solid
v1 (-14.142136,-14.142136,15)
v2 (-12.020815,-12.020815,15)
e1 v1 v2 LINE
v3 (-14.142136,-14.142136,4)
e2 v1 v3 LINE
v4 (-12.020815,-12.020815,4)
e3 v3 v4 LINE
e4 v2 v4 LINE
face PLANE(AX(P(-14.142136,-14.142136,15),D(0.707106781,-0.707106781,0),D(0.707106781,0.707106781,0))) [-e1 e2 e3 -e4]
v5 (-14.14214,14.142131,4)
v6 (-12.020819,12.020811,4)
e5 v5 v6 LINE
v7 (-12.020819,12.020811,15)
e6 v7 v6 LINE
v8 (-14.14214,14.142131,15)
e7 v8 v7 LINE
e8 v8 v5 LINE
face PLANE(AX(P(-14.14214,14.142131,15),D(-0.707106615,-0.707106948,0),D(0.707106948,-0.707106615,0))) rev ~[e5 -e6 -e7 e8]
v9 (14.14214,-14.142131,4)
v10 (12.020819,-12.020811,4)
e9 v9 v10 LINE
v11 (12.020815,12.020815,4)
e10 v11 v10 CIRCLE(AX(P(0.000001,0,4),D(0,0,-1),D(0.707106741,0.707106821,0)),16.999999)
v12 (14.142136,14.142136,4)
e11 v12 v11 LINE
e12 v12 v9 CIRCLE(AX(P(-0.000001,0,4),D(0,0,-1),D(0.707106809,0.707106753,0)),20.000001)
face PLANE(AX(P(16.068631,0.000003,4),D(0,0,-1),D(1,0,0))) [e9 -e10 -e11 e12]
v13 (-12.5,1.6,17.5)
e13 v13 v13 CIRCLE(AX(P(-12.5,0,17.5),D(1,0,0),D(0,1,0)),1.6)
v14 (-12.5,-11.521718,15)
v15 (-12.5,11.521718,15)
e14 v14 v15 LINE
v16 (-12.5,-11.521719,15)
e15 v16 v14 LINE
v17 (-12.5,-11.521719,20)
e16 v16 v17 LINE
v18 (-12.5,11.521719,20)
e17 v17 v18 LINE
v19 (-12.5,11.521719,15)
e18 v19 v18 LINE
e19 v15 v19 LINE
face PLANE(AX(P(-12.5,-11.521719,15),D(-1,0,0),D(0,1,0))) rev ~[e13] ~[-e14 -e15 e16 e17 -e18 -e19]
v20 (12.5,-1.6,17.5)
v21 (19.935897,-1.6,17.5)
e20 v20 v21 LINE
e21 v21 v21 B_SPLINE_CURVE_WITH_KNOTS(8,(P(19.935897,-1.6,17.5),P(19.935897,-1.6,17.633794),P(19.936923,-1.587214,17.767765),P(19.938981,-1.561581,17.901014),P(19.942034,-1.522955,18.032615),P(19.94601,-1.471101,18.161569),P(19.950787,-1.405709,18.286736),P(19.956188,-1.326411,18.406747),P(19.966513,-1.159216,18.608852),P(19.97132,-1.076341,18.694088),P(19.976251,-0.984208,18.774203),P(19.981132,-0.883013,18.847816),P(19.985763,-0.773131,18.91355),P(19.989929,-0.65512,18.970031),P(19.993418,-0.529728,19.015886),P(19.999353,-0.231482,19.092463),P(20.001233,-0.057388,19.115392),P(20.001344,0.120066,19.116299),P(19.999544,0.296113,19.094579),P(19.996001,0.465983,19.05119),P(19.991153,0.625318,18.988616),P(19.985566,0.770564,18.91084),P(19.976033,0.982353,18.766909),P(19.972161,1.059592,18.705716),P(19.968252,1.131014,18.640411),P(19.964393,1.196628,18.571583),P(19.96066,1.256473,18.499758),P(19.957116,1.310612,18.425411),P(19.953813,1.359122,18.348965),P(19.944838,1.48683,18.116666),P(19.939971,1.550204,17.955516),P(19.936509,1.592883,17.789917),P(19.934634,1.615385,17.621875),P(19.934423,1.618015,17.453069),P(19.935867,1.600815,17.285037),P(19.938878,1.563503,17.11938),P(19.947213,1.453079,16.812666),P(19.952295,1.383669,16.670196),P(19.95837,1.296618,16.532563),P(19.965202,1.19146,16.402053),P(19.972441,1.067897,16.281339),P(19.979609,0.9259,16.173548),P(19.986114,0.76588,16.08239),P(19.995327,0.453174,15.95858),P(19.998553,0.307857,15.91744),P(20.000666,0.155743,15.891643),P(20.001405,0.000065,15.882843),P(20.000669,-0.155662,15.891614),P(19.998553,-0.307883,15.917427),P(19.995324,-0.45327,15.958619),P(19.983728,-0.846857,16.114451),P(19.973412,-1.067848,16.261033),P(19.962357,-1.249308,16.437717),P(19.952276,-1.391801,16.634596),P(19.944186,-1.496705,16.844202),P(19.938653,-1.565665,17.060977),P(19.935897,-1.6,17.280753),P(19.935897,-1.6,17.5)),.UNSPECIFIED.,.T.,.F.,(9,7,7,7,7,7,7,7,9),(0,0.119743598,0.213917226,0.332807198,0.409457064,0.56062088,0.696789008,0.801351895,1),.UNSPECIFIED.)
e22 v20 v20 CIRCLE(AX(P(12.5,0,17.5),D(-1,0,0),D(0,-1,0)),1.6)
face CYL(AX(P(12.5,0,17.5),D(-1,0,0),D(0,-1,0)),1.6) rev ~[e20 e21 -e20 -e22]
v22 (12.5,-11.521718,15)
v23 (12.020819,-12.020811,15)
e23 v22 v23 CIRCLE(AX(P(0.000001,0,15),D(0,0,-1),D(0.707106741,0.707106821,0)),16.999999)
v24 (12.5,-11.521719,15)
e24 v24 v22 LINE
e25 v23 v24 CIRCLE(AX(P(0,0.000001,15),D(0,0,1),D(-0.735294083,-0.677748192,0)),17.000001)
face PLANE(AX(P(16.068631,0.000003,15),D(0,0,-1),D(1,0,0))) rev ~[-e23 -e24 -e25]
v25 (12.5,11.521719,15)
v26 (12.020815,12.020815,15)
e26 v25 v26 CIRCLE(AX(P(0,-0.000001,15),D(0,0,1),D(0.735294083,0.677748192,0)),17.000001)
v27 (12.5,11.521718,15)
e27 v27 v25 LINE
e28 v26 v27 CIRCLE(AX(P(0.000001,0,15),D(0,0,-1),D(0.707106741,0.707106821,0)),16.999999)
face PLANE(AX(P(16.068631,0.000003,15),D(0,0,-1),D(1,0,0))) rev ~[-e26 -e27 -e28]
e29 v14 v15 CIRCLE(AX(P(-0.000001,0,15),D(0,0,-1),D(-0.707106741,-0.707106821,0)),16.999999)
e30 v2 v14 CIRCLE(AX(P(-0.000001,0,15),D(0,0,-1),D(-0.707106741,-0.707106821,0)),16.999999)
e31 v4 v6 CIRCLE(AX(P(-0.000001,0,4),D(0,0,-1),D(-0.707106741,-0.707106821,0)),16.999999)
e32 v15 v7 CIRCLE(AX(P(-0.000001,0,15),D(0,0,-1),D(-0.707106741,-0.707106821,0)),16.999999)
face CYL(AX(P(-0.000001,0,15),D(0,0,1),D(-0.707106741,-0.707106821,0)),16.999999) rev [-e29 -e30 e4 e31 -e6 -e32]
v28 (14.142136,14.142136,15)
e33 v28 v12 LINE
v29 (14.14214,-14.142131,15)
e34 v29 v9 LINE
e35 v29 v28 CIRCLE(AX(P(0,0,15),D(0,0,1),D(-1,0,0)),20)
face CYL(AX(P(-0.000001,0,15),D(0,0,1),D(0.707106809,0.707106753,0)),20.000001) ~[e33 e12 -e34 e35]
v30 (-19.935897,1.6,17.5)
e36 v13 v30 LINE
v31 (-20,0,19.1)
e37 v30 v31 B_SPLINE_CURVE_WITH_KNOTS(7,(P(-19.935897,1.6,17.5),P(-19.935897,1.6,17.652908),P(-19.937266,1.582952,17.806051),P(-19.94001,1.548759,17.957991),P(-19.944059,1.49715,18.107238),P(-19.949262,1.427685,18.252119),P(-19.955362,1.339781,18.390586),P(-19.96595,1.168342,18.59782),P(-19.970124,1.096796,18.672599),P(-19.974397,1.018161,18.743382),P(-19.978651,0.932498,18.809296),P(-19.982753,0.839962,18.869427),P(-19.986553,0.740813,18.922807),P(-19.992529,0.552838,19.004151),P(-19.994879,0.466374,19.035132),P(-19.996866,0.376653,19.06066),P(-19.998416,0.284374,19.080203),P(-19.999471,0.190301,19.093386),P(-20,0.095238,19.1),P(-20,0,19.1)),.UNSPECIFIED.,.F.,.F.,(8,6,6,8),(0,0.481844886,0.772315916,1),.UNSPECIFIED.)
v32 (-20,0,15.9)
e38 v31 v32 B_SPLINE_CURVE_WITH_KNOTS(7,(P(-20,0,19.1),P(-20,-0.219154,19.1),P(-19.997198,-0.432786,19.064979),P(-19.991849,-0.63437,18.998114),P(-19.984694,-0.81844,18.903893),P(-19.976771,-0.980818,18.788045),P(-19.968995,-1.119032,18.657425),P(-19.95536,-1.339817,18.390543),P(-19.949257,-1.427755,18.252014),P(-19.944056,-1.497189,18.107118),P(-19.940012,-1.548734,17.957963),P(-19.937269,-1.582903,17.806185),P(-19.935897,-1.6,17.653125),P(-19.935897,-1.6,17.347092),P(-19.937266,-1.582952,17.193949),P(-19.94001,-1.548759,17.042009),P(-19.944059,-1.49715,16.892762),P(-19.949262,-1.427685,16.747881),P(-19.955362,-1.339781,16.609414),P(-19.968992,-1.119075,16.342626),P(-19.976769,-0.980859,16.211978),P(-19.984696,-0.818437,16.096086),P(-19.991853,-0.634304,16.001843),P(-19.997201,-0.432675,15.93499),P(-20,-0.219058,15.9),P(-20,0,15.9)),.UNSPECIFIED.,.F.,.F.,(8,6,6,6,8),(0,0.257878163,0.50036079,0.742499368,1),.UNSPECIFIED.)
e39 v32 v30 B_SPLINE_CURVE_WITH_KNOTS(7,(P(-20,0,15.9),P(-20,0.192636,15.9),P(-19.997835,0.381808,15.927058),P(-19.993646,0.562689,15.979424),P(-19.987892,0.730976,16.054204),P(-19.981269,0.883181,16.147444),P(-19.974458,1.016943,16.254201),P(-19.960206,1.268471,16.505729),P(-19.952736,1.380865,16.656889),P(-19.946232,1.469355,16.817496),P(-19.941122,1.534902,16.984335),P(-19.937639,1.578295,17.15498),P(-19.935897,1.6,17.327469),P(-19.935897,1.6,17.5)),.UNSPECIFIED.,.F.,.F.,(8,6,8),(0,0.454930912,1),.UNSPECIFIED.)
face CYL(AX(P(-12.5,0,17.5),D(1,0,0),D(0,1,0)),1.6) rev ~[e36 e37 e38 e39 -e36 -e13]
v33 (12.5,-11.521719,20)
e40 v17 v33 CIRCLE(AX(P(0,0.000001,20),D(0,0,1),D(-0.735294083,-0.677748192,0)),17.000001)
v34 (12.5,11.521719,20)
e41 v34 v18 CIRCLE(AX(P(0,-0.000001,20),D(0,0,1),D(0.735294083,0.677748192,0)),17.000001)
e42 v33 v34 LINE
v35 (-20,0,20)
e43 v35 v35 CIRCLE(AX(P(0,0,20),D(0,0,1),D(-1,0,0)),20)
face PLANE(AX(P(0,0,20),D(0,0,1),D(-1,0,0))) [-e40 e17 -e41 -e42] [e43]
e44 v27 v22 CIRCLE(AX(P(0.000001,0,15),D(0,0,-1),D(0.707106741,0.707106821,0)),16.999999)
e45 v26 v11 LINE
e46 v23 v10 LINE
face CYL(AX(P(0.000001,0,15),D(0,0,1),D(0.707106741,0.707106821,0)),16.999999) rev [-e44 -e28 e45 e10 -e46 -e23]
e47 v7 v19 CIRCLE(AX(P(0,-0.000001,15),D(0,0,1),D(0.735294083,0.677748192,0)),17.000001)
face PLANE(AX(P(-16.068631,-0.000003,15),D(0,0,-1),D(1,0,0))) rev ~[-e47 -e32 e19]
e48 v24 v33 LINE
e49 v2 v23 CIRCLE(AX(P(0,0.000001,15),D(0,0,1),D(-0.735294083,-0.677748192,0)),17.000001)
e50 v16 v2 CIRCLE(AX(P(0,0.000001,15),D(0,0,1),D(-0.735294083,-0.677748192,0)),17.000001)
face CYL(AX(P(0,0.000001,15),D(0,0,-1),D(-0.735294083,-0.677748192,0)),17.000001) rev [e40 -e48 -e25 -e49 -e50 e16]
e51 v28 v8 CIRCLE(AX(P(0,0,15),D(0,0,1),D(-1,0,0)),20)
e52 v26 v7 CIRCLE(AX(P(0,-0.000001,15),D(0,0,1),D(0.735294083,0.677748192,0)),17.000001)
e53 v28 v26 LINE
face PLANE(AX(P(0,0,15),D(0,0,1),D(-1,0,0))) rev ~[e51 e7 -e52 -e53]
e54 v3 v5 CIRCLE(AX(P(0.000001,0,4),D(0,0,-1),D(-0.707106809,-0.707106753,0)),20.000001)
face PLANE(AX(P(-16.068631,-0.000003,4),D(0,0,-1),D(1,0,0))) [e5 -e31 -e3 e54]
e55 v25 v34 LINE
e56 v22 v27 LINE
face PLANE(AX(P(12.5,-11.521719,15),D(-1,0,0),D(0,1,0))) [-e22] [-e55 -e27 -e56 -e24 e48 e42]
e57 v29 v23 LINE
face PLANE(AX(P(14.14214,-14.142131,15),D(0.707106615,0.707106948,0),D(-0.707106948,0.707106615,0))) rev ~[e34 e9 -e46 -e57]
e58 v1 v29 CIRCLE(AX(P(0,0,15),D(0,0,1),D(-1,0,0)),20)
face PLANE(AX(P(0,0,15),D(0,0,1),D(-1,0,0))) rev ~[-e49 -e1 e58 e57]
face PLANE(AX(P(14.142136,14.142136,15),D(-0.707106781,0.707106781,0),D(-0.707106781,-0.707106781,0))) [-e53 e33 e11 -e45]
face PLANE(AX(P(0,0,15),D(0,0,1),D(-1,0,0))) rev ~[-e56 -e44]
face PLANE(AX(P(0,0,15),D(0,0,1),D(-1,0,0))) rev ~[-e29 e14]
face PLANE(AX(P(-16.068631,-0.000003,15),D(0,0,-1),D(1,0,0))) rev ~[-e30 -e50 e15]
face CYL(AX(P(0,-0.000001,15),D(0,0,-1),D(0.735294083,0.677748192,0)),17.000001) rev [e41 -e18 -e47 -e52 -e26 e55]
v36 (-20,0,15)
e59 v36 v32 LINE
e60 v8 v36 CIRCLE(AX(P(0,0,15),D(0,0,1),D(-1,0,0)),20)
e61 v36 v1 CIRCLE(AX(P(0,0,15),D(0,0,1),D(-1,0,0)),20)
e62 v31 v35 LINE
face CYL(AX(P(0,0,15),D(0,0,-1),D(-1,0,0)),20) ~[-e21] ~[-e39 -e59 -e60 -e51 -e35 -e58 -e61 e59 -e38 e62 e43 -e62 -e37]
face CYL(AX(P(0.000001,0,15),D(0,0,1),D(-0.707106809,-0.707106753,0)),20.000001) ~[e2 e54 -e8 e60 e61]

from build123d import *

# Parameters (mm, degrees)
SKETCH044_R     = 20
PAD021_DEPTH    = 5
PAD022_DEPTH    = 11
SKETCH051_R     = 1.6
POCKET019_DEPTH = 7.501
SKETCH052_R     = 1.6
POCKET020_DEPTH = 7.501


with BuildPart() as part:
    # Sketch044 (on Face2 of Binder009) → Pad021 (new body)
    with BuildSketch(Plane(origin=(0, 0, 15), x_dir=(-1, 0, 0), z_dir=(0, 0, 1))):
        Circle(SKETCH044_R)
        with BuildLine():
            Line((12.5, 11.521719), (12.5, -11.521719))
            ThreePointArc((-12.5, -11.521719), (0, -17), (12.5, -11.521719))
            Line((-12.5, 11.521719), (-12.5, -11.521719))
            ThreePointArc((12.5, 11.521719), (0, 17), (-12.5, 11.521719))
        make_face(mode=Mode.SUBTRACT)
    extrude(amount=PAD021_DEPTH)

    # Sketch045 (on Face6 of Pad021) → Pad022 (join)
    with BuildSketch(Plane(origin=(0, 0, 15), x_dir=(1, 0, 0), z_dir=(0, 0, -1))):
        with BuildLine():
            ThreePointArc((-14.142136, 14.142136), (-20, 3e-06), (-14.14214, -14.142131))
            Line((-14.14214, -14.142131), (-12.020819, -12.020811))
            ThreePointArc((-12.020815, 12.020815), (-17, 3e-06), (-12.020819, -12.020811))
            Line((-14.142136, 14.142136), (-12.020815, 12.020815))
        make_face()
        with BuildLine():
            ThreePointArc((14.142136, -14.142136), (20, -3e-06), (14.14214, 14.142131))
            Line((14.14214, 14.142131), (12.020819, 12.020811))
            ThreePointArc((12.020815, -12.020815), (17, -3e-06), (12.020819, 12.020811))
            Line((14.142136, -14.142136), (12.020815, -12.020815))
        make_face()
    extrude(amount=PAD022_DEPTH)

    # Sketch051 (on Face2 of Pad021) → Pocket019 (cut, through all)
    with BuildSketch(Plane.YZ.offset(-12.5)):
        with Locations((0, 17.5)):
            Circle(SKETCH051_R)
    extrude(amount=-POCKET019_DEPTH, mode=Mode.SUBTRACT)

    # Sketch052 (on Face12 of Pocket019) → Pocket020 (cut, through all)
    with BuildSketch(Plane(origin=(12.5, 0, 0), x_dir=(0, -1, 0), z_dir=(-1, 0, 0))):
        with Locations((0, 17.5)):
            Circle(SKETCH052_R)
    extrude(amount=-POCKET020_DEPTH, mode=Mode.SUBTRACT)


solid = part.part
